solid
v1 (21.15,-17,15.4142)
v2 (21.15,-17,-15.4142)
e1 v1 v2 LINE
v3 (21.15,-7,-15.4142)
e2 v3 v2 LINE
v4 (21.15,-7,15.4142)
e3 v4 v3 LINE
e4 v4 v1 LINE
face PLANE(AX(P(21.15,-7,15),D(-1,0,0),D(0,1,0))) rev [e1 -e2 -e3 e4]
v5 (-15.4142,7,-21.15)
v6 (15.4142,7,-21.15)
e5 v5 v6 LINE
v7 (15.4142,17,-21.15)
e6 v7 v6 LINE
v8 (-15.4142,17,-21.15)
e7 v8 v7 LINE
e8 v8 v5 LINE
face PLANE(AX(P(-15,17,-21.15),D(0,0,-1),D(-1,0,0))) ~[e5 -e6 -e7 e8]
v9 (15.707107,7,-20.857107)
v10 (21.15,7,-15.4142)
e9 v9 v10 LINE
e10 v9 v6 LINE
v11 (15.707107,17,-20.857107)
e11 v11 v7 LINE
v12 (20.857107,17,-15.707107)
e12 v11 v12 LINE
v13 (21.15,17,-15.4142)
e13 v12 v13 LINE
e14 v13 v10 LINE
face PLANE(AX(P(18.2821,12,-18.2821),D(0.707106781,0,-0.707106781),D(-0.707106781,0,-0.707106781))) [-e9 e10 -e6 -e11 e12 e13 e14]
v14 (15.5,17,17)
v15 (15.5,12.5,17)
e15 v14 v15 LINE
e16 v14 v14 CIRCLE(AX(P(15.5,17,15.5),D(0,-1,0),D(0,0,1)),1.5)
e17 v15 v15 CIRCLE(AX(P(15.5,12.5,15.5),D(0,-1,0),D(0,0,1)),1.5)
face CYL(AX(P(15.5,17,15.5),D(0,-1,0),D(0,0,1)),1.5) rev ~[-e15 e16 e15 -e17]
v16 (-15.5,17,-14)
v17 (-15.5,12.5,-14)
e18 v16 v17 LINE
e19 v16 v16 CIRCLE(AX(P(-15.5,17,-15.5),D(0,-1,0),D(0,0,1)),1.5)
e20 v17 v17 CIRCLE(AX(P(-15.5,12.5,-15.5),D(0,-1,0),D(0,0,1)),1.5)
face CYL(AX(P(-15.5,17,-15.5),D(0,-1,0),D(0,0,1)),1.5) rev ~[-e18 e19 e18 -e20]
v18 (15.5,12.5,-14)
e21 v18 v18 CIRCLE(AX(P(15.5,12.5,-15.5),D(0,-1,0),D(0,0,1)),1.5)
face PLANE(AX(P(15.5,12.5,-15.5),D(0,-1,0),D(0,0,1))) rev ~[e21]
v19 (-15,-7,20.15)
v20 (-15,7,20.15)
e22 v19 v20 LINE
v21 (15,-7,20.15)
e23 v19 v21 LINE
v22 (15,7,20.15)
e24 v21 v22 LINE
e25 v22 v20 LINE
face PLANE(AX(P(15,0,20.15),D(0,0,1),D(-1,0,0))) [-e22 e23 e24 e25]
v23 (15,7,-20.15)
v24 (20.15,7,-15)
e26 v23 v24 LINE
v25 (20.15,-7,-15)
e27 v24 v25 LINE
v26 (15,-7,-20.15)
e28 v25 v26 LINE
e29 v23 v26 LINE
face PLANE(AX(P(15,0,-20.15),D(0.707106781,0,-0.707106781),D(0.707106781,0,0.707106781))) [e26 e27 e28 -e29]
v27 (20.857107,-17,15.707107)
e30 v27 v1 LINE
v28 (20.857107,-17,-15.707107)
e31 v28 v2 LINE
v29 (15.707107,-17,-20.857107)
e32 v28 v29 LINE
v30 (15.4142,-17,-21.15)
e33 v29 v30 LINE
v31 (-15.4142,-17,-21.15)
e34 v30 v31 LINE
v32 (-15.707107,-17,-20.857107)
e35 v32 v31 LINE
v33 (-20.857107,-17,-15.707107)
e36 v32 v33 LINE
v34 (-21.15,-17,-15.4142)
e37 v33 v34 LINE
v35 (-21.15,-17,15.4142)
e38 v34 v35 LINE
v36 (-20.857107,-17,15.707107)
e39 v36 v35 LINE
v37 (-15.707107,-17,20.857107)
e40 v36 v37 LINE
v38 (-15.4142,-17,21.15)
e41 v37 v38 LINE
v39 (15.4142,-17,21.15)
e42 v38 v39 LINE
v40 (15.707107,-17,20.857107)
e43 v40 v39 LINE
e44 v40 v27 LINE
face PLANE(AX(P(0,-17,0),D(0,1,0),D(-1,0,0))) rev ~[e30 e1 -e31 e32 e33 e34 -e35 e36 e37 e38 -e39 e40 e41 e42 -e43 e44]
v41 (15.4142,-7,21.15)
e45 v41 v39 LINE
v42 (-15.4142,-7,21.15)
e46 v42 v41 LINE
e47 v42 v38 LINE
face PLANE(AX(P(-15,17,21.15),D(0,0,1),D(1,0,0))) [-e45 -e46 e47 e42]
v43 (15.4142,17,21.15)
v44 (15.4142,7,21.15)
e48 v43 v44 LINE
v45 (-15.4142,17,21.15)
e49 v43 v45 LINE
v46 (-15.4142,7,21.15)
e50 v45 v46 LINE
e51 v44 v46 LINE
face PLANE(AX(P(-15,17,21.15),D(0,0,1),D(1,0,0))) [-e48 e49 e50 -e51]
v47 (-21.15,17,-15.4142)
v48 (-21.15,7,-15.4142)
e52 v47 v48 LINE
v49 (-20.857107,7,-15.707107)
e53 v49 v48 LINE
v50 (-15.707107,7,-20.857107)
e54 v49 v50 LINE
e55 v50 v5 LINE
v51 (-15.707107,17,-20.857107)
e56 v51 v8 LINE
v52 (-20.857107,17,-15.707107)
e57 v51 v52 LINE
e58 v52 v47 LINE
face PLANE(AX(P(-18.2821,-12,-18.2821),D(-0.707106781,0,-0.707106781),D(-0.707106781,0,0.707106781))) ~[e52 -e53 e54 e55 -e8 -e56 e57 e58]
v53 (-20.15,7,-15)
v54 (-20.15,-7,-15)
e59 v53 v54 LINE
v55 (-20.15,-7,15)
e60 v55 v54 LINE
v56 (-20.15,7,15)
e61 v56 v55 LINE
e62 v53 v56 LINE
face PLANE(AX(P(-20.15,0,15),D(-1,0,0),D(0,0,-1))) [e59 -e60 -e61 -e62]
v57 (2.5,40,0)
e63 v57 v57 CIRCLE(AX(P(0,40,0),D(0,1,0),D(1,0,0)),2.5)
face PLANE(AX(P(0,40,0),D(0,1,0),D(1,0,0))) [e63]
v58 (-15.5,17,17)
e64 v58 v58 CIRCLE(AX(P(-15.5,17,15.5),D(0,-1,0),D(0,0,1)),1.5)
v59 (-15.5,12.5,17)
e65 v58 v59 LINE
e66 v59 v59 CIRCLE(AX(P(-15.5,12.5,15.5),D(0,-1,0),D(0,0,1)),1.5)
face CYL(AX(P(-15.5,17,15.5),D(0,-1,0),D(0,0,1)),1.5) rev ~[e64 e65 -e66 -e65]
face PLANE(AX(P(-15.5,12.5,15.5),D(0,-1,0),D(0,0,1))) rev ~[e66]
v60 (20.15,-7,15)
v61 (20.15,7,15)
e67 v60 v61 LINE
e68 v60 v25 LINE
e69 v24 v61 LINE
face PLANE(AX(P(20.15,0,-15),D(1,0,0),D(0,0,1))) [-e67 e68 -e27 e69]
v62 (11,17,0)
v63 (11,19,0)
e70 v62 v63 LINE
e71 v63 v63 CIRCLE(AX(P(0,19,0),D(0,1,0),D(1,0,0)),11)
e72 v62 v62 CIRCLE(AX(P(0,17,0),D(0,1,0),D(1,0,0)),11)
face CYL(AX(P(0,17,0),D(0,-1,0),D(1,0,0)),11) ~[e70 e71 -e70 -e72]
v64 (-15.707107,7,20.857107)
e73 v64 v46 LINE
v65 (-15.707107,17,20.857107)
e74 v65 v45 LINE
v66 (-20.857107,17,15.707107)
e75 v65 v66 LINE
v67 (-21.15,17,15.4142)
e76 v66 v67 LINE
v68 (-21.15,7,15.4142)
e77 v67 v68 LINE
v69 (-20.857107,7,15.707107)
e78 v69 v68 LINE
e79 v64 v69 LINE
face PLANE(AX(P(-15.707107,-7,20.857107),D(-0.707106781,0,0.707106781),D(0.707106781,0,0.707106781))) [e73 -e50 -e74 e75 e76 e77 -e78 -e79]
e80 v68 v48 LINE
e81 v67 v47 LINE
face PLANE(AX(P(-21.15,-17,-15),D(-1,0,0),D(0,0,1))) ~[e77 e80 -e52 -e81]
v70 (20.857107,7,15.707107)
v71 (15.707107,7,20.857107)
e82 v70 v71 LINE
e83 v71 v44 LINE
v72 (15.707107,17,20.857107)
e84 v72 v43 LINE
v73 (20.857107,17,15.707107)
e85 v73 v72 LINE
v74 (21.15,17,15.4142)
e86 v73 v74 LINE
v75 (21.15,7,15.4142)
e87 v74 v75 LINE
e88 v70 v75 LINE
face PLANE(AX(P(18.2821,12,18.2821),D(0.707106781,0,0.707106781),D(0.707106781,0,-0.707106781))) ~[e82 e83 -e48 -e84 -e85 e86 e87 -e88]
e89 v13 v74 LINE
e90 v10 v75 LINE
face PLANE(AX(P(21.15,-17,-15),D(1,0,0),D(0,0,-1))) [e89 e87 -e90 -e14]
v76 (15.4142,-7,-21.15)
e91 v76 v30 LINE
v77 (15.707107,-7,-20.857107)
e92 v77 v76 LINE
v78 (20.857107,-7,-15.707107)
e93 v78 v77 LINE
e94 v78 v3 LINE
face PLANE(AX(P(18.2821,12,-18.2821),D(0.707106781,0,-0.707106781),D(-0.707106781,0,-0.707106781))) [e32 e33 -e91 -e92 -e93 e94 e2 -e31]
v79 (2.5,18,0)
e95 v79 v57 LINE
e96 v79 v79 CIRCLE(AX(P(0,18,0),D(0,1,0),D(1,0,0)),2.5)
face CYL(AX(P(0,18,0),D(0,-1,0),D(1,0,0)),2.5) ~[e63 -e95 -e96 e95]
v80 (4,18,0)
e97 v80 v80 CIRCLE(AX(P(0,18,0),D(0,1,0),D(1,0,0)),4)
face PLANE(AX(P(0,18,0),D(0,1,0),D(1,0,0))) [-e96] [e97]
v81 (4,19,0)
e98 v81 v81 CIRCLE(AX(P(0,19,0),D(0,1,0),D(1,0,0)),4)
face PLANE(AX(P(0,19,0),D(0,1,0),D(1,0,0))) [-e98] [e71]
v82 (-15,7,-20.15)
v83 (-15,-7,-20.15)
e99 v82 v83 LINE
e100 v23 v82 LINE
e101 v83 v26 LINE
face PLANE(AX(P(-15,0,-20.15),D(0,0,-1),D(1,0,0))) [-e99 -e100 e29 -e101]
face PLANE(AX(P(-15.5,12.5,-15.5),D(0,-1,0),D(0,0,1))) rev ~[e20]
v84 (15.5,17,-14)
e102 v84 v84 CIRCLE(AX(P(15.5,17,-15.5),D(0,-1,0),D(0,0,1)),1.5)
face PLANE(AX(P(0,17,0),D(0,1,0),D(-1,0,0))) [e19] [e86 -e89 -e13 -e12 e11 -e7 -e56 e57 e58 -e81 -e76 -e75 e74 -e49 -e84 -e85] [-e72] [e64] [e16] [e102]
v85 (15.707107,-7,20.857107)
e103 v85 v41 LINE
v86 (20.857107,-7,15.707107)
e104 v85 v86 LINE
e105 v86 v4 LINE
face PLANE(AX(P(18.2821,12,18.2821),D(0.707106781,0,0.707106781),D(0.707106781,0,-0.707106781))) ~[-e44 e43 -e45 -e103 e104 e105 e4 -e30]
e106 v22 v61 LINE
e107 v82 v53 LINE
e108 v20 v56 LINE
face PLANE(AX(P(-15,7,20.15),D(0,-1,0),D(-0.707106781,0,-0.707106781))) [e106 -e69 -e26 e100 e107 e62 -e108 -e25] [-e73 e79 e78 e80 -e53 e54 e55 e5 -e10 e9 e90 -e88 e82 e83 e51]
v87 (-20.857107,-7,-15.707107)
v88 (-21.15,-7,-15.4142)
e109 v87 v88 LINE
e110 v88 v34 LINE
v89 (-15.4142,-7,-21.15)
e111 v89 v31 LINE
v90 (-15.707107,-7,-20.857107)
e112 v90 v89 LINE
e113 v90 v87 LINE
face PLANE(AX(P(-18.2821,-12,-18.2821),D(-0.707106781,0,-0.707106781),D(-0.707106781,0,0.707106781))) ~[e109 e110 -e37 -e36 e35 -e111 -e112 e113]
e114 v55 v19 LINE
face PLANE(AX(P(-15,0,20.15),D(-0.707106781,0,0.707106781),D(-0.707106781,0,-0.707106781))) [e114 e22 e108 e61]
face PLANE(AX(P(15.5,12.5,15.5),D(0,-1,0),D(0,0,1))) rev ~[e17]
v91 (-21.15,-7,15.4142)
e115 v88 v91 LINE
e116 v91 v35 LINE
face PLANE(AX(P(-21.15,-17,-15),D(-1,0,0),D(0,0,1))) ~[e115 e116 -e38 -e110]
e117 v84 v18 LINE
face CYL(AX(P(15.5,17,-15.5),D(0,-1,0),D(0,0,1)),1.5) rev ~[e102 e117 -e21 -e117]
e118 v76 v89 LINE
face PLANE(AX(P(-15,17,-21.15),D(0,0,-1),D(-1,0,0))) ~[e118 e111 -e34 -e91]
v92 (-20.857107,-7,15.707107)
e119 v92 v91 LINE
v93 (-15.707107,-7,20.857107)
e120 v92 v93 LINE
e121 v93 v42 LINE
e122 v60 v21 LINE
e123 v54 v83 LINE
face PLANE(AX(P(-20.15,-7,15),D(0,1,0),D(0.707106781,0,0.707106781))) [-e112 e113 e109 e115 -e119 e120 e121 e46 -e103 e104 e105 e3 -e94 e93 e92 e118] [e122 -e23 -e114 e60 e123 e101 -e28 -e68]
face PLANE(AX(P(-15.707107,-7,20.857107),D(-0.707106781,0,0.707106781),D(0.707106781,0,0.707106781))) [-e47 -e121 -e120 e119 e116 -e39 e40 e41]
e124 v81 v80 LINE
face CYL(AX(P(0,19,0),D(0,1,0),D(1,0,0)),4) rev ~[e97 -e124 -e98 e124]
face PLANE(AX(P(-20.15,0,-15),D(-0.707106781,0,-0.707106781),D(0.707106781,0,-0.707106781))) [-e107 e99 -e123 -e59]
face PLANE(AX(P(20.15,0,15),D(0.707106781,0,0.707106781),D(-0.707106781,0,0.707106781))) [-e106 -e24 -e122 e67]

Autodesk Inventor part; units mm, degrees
ref_plane "YZ Plane" through (0, 0, 0) normal (1, 0, 0) x (0, 1, 0)
ref_plane "XZ Plane" through (0, 0, 0) normal (0, 1, 0) x (-1, 0, 0)
ref_plane "XY Plane" through (0, 0, 0) normal (0, 0, 1) x (1, 0, 0)
sketch "Sketch2" plane through (0, 0, 0) normal (0, 1, 0) x (-1, 0, 0)
  line L0 (15, 20.15) -> (20.15, 15)
  line L1 (20.15, 15) -> (20.15, -15)
  line L2 (20.15, -15) -> (15, -20.15)
  line L3 (15, -20.15) -> (-15, -20.15)
  line L4 (-15, -20.15) -> (-20.15, -15)
  line L5 (-20.15, -15) -> (-20.15, 15)
  line L6 (-20.15, 15) -> (-15, 20.15)
  line L7 (-15, 20.15) -> (15, 20.15)
  point P0 (0, 0)
  point P1 (20.15, 0)
  point P2 (0, -20.15)
  dimension "d2" = 30
  dimension "d3" = 40.3
  dimension "d4" = 135
extrude "Extrusion1" add sketch "Sketch2" along normal mid plane 34
sketch "Sketch7" plane through (0, 17, 0) normal (0, 1, 0) x (1, 0, 0)
  circle A0 centre (0, 0) radius 11
  dimension "d27" = 22
extrude "Extrusion3" add sketch "Sketch7" along normal blind 2
sketch "Sketch8" plane through (0, 19, 0) normal (0, 1, 0) x (1, 0, 0)
  circle A0 centre (0, 0) radius 4
  dimension "d30" = 8
extrude "Extrusion4" cut sketch "Sketch8" against normal blind 1
sketch "Sketch9" plane through (0, 18, 0) normal (0, 1, 0) x (1, 0, 0)
  circle A0 centre (0, 0) radius 2.5
  dimension "d33" = 5
extrude "Extrusion5" add sketch "Sketch9" along normal blind 22
sketch "Sketch10" plane through (-15, 17, 20.15) normal (0, 0, 1) x (1, 0, 0)
  line L0 (30, 0) -> (30, -34) projected
  line L1 (0, 0) -> (30, 0) projected
  line L2 (0, -34) -> (0, 0) projected
  line L3 (30, -34) -> (0, -34) projected
  line L4 (0, 0) -> (30, 0)
  line L5 (30, 0) -> (30, -10)
  line L6 (30, -10) -> (0, -10)
  line L7 (0, -10) -> (0, 0)
  line L8 (0, 0) -> (30, -10) construction
  line L9 (30, 0) -> (0, -10) construction
  line L10 (0, -24) -> (30, -24)
  line L11 (30, -24) -> (30, -34)
  line L12 (30, -34) -> (0, -34)
  line L13 (0, -34) -> (0, -24)
  line L14 (0, -24) -> (30, -34) construction
  line L15 (30, -24) -> (0, -34) construction
  line L16 (0, 0) -> (30, 0) projected
  point P0 (15, -17)
  point P1 (15, -5)
  point P2 (15, -29)
  dimension "d36" = 10
  dimension "d37" = 10
extrude "Extrusion6" add sketch "Sketch10" along normal blind 1 contours L0 L6 L2 L1 | L0 L3 L2 L10
mirror "Mirror1" about plane through (0, 0, 0) normal (0, 0, 1) of "Extrusion6"
sketch "Sketch11" plane through (20.15, -17, -15) normal (1, 0, 0) x (0, 0, -1)
  line L0 (0, 34) -> (0, 0) projected
  line L1 (-30, 34) -> (0, 34) projected
  line L2 (-30, 34) -> (-30, 0) projected
  line L3 (0, 0) -> (-30, 0) projected
  line L4 (-30, 34) -> (0, 34)
  line L5 (0, 34) -> (0, 24)
  line L6 (0, 24) -> (-30, 24)
  line L7 (-30, 24) -> (-30, 34)
  line L8 (-30, 34) -> (0, 24) construction
  line L9 (0, 34) -> (-30, 24) construction
  line L10 (-30, 10) -> (0, 10)
  line L11 (0, 10) -> (0, 0)
  line L12 (0, 0) -> (-30, 0)
  line L13 (-30, 0) -> (-30, 10)
  line L14 (-30, 10) -> (0, 0) construction
  line L15 (0, 10) -> (-30, 0) construction
  line L16 (-30, 34) -> (0, 34) projected
  point P0 (-15, 17)
  point P1 (-15, 29)
  point P2 (-15, 5)
  dimension "d40" = 10
extrude "Extrusion7" add sketch "Sketch11" along normal blind 1 contours L0 L6 L2 L1 | L0 L3 L2 L10
mirror "Mirror2" about plane through (0, 0, 0) normal (1, 0, 0) of "Extrusion7"
sketch "Sketch12" plane through (-15, -7, 20.15) normal (-0.7071, 0, 0.7071) x (0.7071, 0, 0.7071)
  line L0 (0, -10) -> (0, 0) projected
  line L1 (0, 0) -> (0, 14) projected
  line L2 (0, 14) -> (0, 24) projected
  line L3 (-7.2832, 24) -> (0, 24) projected
  line L4 (-7.2832, 24) -> (-7.2832, 14) projected
  line L5 (-7.2832, 14) -> (-7.2832, 0) projected
  line L6 (-7.2832, 0) -> (-7.2832, -10) projected
  line L7 (0, -10) -> (-7.2832, -10) projected
  line L8 (-7.2832, 24) -> (0, 24)
  line L9 (0, 24) -> (0, 14)
  line L10 (0, 14) -> (-7.2832, 14)
  line L11 (-7.2832, 14) -> (-7.2832, 24)
  line L12 (-7.2832, 24) -> (0, 14) construction
  line L13 (0, 24) -> (-7.2832, 14) construction
  line L14 (-7.2832, 0) -> (0, 0)
  line L15 (0, 0) -> (0, -10)
  line L16 (0, -10) -> (-7.2832, -10)
  line L17 (-7.2832, -10) -> (-7.2832, 0)
  line L18 (-7.2832, 0) -> (0, -10) construction
  line L19 (0, 0) -> (-7.2832, -10) construction
  line L20 (-7.2832, 24) -> (0, 24) projected
  line L21 (0, -10) -> (-7.2832, -10) projected
  point P0 (-3.6416, 7)
  point P1 (-3.6416, 19)
  point P2 (-3.6416, -5)
  dimension "d43" = 10
  dimension "d44" = 10
extrude "Extrusion8" add sketch "Sketch12" along normal blind 1 contours L7 L6 L14 L0 | L10 L4 L3 L2
sketch "Sketch14" plane through (-15, 7, 21.15) normal (-1, 0, 0) x (0, 0, 1)
  line L0 (-1, 0) -> (-1, 10) projected
  line L1 (-1, 0) -> (0, 0) projected
  line L2 (0, 10) -> (0, 0) projected
  line L3 (-1, 10) -> (0, 10) projected
  line L4 (-1, -24) -> (-1, -14) projected
  line L5 (-1, -24) -> (0, -24) projected
  line L6 (0, -14) -> (0, -24) projected
  line L7 (-1, -14) -> (0, -14) projected
  point P0 (-21.15, -7)
extrude "Extrusion9" add sketch "Sketch14" along normal up to surface surface through (-18.2821, 12, 18.2821) normal (-0.7071, 0, 0.7071)
sketch "Sketch15" plane through (-21.15, 7, 15) normal (0, 0, 1) x (1, 0, 0)
  line L0 (1, 10) -> (1, 0) projected
  line L1 (1, 10) -> (0, 10) projected
  line L2 (0, 10) -> (0, 0) projected
  line L3 (1, 0) -> (0, 0) projected
  line L4 (1, -14) -> (1, -24) projected
  line L5 (1, -14) -> (0, -14) projected
  line L6 (0, -14) -> (0, -24) projected
  line L7 (1, -24) -> (0, -24) projected
  point P0 (21.15, -7)
extrude "Extrusion10" add sketch "Sketch15" along normal up to surface surface through (-18.2821, -12, 18.2821) normal (-0.7071, 0, 0.7071)
mirror "Mirror3" about plane through (0, 0, 0) normal (1, 0, 0) of "Extrusion8", "Extrusion9", "Extrusion10"
mirror "Mirror4" about plane through (0, 0, 0) normal (0, 0, 1) of "Extrusion8", "Extrusion9", "Extrusion10", "Mirror3"
sketch "Sketch17" plane through (0, 17, 0) normal (0, 1, 0) x (1, 0, 0)
  line L0 (-21.15, -15.4142) -> (-15.4142, -21.15) projected
  line L1 (-15.4142, -21.15) -> (15.4142, -21.15) projected
  line L2 (21.15, -15.4142) -> (15.4142, -21.15) projected
  line L3 (21.15, -15.4142) -> (21.15, 15.4142) projected
  line L4 (21.15, 15.4142) -> (15.4142, 21.15) projected
  line L5 (15.4142, 21.15) -> (-15.4142, 21.15) projected
  line L6 (-21.15, 15.4142) -> (-15.4142, 21.15) projected
  line L7 (-21.15, 15.4142) -> (-21.15, -15.4142) projected
  circle A0 centre (0, 0) radius 11 projected
  circle A1 centre (-15.5, -15.5) radius 1.5
  circle A2 centre (-15.5, 15.5) radius 1.5
  circle A3 centre (15.5, 15.5) radius 1.5
  circle A4 centre (15.5, -15.5) radius 1.5
  dimension "d53" = 3
  dimension "d54" = 31
  dimension "d55" = 31
  dimension "d57" = 15.5
  dimension "d66" = 15.5
hole "Hole3" at (-15.5, 17, 15.5) at (-15.5, 17, -15.5) at (15.5, 17, -15.5) at (15.5, 17, 15.5) direction (0, -1, 0) diameter 3 depth 4.5
ref_plane "Work Plane4" through (0, 18, 0) normal (1, 0, 0) x (0, 1, 0)
ref_plane "Work Plane1" through (0, 0, 0) normal (1, 0, 0) x (0, 1, 0)
ref_plane "Work Plane2" through (0, 0, 0) normal (-1, 0, 0) x (0, 1, 0)
ref_plane "Work Plane3" through (0, 0, 0) normal (-1, 0, 0) x (0, 1, 0)
properties part number "Motor_paso"
